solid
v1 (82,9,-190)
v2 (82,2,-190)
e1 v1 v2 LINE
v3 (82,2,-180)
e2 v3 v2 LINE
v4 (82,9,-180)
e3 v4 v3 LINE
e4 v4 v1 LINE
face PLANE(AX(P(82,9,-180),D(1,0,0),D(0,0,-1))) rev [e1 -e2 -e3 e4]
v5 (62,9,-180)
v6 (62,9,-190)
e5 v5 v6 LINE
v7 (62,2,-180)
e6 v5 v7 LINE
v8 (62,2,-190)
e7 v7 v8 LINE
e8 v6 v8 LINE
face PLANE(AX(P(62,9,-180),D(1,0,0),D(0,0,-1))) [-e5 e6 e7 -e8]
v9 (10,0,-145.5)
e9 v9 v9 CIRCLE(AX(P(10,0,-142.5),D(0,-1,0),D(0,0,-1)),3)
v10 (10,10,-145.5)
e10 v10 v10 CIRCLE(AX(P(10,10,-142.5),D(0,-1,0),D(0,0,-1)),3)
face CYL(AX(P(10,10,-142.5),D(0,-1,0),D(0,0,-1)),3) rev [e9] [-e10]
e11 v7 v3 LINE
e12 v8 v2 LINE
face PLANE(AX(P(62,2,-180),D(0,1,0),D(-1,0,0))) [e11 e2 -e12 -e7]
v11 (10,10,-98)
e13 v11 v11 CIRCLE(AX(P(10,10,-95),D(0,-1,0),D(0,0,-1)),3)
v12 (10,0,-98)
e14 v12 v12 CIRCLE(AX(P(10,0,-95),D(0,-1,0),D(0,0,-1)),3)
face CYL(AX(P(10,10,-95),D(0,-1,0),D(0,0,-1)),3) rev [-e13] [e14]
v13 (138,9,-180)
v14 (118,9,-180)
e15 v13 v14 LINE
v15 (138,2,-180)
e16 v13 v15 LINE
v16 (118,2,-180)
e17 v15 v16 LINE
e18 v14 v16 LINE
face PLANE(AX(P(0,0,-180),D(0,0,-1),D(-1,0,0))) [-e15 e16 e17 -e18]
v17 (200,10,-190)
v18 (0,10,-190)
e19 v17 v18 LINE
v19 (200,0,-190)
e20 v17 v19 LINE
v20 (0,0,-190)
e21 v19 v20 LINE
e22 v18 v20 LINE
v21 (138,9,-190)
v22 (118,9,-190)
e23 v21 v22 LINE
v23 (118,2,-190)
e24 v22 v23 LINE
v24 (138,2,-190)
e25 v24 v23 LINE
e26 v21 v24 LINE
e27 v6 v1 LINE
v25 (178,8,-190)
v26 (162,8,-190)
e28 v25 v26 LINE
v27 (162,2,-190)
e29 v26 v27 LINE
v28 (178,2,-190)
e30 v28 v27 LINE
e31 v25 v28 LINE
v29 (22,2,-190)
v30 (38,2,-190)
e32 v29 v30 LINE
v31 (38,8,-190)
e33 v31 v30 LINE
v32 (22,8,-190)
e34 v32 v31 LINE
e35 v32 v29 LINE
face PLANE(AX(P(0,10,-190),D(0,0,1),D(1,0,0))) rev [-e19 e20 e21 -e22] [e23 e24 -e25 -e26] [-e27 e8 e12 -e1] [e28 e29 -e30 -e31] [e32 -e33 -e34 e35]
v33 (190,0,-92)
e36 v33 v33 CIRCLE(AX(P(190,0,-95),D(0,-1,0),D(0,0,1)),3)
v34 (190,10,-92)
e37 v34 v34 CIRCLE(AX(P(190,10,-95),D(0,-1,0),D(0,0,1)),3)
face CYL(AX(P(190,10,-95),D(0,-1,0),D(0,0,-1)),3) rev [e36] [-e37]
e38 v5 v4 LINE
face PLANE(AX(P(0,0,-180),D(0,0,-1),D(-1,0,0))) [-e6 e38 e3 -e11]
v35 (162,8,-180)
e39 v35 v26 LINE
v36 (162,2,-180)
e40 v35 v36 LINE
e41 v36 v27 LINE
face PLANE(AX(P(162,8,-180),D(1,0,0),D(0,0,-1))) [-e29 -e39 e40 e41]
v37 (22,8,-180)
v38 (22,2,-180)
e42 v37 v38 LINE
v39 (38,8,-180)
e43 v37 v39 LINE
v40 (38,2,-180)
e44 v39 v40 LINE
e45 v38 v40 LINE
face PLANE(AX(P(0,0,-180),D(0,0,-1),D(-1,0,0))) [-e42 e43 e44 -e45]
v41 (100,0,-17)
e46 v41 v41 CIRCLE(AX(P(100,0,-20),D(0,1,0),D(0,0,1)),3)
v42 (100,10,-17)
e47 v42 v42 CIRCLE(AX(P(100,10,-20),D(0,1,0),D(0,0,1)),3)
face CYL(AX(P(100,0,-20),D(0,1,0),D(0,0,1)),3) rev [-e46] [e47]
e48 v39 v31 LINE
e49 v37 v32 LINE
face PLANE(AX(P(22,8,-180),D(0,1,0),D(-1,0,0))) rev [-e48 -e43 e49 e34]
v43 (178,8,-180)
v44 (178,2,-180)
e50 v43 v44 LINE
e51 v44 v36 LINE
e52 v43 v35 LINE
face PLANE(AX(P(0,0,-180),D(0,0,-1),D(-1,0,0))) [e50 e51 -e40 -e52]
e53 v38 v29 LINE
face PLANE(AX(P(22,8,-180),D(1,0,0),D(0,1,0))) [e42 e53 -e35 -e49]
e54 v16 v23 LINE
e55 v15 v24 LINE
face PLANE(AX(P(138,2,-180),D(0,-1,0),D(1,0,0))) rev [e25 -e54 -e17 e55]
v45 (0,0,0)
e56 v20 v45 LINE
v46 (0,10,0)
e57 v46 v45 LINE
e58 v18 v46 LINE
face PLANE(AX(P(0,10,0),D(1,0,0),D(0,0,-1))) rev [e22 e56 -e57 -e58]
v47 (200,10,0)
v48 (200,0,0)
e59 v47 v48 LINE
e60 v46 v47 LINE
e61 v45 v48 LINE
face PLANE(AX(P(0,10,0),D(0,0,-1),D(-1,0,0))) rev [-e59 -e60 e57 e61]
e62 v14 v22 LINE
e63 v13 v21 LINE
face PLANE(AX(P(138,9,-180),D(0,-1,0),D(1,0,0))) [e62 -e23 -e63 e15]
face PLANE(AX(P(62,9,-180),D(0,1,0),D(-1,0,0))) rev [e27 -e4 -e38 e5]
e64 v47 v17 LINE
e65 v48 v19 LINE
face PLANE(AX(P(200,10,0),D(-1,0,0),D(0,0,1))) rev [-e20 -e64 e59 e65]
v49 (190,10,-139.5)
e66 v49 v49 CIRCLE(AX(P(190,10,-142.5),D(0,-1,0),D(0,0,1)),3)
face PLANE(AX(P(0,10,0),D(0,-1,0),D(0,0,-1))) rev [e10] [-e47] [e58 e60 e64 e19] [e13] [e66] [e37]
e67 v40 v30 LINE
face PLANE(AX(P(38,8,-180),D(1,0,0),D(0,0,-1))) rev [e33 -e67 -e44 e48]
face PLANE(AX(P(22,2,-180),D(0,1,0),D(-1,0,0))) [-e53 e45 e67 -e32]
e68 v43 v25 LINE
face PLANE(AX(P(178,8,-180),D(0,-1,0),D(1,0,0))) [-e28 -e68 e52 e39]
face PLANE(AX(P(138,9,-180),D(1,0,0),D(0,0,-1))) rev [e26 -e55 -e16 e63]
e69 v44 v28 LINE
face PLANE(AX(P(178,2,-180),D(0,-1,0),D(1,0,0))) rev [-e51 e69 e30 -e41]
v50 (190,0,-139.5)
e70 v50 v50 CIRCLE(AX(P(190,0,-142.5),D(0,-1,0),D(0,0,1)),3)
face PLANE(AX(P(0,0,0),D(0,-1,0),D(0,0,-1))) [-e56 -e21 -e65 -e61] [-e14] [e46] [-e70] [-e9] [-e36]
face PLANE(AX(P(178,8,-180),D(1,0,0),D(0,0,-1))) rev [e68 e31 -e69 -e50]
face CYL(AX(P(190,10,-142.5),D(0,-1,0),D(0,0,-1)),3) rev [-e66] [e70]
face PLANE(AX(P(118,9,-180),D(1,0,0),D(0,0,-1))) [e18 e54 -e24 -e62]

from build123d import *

# Parameters (mm, degrees)
SKETCH1_W           = 200
SKETCH1_H           = 190
BOSS_EXTRUDE1_DEPTH = 10
SKETCH2_W           = 20
SKETCH2_H           = 7
SKETCH2_W_2         = 16
SKETCH2_H_2         = 6
CUT_EXTRUDE1_DEPTH  = 10
SKETCH4_R           = 3
CUT_EXTRUDE2_DEPTH  = 10
SKETCH5_R           = 3
CUT_EXTRUDE3_DEPTH  = 10


with BuildPart() as part:
    # Sketch1 → Boss-Extrude1 (new body)
    with BuildSketch(Plane(origin=(0, 0, 0), x_dir=(1, 0, 0), z_dir=(0, 1, 0))):
        with Locations((100, 95)):
            Rectangle(SKETCH1_W, SKETCH1_H)
    extrude(amount=BOSS_EXTRUDE1_DEPTH)

    # Sketch2 → Cut-Extrude1 (cut)
    with BuildSketch(Plane(origin=(0, 0, -190), x_dir=(-1, 0, 0), z_dir=(0, 0, -1))):
        with Locations((-128, 5.5)):
            Rectangle(SKETCH2_W, SKETCH2_H)
        with Locations((-72, 5.5)):
            Rectangle(SKETCH2_W, SKETCH2_H)
        with Locations((-30, 5)):
            Rectangle(SKETCH2_W_2, SKETCH2_H_2)
        with Locations((-170, 5)):
            Rectangle(SKETCH2_W_2, SKETCH2_H_2)
    extrude(amount=-CUT_EXTRUDE1_DEPTH, mode=Mode.SUBTRACT)

    # Sketch4 → Cut-Extrude2 (cut)
    with BuildSketch(Plane(origin=(0, 0, 0), x_dir=(-1, 0, 0), z_dir=(0, -1, 0))):
        with Locations(Location((-10, 142.5, 0), (0, 0, 90))):
            Circle(SKETCH4_R)
        with Locations(Location((-10, 95, 0), (0, 0, 90))):
            Circle(SKETCH4_R)
        with Locations(Location((-190, 95, 0), (0, 0, 270))):
            Circle(SKETCH4_R)
        with Locations(Location((-190, 142.5, 0), (0, 0, 270))):
            Circle(SKETCH4_R)
    extrude(amount=-CUT_EXTRUDE2_DEPTH, mode=Mode.SUBTRACT)

    # Sketch5 → Cut-Extrude3 (cut)
    with BuildSketch(Plane(origin=(0, 10, 0), x_dir=(1, 0, 0), z_dir=(0, 1, 0))):
        with Locations(Location((100, 20, 0), (0, 0, 270))):
            Circle(SKETCH5_R)
    extrude(amount=-CUT_EXTRUDE3_DEPTH, mode=Mode.SUBTRACT)


solid = part.part
